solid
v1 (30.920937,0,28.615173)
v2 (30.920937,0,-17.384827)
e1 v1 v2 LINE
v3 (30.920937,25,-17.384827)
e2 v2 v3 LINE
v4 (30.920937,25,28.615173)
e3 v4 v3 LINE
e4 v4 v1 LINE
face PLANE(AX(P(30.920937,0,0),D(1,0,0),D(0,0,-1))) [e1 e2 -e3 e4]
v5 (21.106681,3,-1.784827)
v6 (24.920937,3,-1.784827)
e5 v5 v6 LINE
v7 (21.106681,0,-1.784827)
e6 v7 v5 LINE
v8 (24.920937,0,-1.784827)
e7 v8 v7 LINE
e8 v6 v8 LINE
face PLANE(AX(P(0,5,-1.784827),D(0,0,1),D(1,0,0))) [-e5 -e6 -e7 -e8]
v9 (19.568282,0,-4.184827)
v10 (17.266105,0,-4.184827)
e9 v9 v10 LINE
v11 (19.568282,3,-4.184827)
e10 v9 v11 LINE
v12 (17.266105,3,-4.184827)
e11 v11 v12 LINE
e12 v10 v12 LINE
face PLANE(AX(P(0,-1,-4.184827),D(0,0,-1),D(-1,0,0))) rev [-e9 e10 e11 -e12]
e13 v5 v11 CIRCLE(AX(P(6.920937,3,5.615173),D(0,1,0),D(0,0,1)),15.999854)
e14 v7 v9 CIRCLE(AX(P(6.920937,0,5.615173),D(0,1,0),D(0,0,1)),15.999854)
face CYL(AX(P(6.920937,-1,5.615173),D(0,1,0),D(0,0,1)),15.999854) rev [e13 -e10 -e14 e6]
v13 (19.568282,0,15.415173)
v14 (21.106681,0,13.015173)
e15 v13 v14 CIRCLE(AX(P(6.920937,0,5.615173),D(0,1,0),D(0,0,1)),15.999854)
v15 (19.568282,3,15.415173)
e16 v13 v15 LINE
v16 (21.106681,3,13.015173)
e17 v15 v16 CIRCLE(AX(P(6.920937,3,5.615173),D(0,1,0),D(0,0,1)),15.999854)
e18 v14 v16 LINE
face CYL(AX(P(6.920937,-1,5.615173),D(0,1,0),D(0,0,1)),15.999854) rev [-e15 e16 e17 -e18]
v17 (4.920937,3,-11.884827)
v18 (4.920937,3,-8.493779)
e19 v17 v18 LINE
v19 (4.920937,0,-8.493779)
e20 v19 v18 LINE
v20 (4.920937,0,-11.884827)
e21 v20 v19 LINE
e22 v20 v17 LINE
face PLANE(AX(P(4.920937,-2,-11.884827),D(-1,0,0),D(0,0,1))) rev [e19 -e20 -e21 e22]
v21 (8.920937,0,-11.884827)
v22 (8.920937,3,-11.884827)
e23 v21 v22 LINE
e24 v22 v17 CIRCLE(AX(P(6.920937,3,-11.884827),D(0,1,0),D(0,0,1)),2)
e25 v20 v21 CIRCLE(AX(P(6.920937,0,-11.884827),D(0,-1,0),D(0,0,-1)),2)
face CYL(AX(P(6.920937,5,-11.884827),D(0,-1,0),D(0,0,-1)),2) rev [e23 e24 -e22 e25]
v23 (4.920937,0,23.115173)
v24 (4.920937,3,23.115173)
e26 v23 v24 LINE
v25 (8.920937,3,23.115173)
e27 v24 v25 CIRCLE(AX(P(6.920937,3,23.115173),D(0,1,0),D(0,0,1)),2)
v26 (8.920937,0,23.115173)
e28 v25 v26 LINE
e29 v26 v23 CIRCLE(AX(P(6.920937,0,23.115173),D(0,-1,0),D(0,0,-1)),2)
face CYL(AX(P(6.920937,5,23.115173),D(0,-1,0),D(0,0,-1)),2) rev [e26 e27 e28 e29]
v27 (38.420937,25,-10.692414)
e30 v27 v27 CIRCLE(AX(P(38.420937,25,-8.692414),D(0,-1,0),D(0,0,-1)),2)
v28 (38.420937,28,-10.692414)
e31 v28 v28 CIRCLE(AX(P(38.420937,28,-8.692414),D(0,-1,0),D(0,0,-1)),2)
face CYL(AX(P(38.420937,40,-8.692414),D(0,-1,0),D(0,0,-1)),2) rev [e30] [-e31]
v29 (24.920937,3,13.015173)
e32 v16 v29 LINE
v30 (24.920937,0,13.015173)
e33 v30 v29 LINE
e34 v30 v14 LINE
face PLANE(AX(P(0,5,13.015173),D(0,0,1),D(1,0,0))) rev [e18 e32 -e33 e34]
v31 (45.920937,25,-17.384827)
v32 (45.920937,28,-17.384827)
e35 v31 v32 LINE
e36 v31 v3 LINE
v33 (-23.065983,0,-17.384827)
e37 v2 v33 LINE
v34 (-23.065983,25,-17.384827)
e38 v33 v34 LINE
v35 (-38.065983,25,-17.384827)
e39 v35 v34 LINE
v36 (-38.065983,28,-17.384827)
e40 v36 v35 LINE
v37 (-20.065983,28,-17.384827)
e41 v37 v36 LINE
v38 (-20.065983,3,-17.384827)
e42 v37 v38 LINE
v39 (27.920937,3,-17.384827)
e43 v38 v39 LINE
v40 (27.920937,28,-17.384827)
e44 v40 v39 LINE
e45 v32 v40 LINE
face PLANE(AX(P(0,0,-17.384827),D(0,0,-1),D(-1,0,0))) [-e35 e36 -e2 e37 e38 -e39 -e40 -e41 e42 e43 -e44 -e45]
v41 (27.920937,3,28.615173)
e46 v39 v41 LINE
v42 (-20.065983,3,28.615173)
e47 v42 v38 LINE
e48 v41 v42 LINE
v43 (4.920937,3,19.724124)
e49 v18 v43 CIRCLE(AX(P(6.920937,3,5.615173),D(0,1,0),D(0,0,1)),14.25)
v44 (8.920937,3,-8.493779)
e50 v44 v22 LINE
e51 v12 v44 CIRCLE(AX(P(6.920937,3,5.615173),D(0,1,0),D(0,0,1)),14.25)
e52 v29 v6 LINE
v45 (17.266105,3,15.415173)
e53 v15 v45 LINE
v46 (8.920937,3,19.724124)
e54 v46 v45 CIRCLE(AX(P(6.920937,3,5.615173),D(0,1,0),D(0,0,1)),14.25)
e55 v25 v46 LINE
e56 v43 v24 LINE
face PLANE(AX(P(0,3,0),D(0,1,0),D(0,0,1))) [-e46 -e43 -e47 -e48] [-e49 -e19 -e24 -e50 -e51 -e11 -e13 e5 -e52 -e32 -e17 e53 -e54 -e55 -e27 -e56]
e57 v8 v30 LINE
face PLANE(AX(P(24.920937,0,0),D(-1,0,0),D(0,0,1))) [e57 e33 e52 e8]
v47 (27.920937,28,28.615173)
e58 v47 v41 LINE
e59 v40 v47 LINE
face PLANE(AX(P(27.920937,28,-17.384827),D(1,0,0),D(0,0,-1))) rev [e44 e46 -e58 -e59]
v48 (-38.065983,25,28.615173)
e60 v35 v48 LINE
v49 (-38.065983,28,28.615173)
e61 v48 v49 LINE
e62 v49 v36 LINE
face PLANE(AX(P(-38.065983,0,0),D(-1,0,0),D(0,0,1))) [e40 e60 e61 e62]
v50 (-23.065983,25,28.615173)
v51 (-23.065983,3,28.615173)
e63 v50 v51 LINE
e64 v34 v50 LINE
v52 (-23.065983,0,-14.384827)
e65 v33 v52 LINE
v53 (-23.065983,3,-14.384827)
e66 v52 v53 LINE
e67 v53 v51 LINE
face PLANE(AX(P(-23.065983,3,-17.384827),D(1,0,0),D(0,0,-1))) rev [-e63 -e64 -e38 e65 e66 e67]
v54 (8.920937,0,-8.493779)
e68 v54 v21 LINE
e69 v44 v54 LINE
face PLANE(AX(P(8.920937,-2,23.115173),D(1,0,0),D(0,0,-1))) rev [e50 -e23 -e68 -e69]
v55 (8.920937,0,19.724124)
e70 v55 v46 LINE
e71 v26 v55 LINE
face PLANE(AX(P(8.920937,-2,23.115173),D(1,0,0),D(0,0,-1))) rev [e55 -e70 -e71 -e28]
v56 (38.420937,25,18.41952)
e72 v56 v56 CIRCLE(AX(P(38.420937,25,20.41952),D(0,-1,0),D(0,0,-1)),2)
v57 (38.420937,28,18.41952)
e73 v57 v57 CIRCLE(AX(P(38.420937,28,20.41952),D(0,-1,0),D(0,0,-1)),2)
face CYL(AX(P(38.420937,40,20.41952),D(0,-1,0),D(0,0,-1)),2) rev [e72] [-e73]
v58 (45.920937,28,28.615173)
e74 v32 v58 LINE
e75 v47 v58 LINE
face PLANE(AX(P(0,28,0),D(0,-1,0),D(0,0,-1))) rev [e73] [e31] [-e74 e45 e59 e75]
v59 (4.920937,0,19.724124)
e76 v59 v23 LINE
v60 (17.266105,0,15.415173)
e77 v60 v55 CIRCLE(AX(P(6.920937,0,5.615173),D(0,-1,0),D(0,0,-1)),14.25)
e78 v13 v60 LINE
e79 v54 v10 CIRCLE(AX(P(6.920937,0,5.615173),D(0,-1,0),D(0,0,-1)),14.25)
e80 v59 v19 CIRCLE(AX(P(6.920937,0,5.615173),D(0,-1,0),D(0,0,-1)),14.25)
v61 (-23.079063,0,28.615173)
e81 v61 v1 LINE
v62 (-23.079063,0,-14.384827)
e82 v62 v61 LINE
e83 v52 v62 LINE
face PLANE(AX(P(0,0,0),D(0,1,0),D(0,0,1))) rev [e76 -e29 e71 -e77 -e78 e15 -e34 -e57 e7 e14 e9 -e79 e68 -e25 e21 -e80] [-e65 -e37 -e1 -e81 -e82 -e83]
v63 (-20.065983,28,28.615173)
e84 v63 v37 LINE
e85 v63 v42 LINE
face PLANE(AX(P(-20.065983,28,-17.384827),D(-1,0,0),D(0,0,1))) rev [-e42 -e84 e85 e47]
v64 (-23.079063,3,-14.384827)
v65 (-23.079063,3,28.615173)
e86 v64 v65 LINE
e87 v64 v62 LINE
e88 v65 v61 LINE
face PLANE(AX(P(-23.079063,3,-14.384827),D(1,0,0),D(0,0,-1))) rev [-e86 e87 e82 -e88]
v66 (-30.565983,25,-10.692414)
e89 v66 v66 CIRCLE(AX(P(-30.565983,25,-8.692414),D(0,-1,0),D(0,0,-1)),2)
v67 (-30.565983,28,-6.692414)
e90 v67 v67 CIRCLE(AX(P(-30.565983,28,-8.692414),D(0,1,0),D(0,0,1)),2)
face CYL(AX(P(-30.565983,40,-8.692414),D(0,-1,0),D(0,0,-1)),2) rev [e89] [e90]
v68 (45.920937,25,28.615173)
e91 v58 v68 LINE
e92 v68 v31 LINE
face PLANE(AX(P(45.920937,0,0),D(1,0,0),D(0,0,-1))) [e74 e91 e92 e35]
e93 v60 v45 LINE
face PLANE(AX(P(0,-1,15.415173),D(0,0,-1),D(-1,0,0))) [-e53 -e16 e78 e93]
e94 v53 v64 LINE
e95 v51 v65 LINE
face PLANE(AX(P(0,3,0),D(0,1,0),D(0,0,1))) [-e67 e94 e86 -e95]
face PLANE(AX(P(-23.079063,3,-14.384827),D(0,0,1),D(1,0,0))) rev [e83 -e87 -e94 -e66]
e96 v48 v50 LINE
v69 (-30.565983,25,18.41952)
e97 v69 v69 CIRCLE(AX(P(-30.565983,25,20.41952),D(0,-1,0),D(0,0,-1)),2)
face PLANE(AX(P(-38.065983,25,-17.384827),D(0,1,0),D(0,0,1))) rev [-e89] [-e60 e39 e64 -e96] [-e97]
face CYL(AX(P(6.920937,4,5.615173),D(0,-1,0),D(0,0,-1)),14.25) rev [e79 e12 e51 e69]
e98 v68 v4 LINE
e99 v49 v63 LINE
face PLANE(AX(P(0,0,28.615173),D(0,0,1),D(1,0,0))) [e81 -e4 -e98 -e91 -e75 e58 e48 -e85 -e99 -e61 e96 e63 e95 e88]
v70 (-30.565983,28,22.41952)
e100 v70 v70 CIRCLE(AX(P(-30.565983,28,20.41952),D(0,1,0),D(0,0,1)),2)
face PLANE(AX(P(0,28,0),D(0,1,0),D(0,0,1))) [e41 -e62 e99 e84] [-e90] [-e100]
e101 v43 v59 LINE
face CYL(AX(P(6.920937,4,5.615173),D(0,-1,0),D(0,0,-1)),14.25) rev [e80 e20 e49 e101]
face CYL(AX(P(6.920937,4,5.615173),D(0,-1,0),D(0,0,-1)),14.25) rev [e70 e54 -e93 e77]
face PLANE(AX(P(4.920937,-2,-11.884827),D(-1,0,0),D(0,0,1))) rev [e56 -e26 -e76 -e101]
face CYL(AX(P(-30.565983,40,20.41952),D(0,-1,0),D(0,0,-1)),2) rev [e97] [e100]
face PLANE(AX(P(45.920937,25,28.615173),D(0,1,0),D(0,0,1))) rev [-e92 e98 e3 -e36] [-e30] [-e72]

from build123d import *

# Parameters (mm, degrees)
SKETCH1_W           = 50
SKETCH1_H           = 40
BOSS_EXTRUDE1_DEPTH = 3
SKETCH6_R           = 2
CUT_EXTRUDE9_DEPTH  = 5
SKETCH16_W          = 14.8
SKETCH16_H          = 3
CUT_EXTRUDE10_DEPTH = 0.5
SKETCH21_R          = 14.25
CUT_EXTRUDE15_DEPTH = 4
CUT_EXTRUDE16_START = -4
CUT_EXTRUDE16_DEPTH = 4
SKETCH33_W          = 4
SKETCH33_H          = 35
CUT_EXTRUDE23_DEPTH = 5
SKETCH34_W          = 49.986920535
SKETCH34_H          = 3
BOSS_EXTRUDE2_DEPTH = 3
SKETCH35_W          = 50
SKETCH35_H          = 3
BOSS_EXTRUDE3_DEPTH = 3
SKETCH36_W          = 46
SKETCH36_H          = 3
BOSS_EXTRUDE4_DEPTH = 4
SKETCH38_W          = 3
SKETCH38_H          = 46
BOSS_EXTRUDE5_DEPTH = 25
SKETCH39_W          = 45.535565308
SKETCH39_H          = 3
BOSS_EXTRUDE6_DEPTH = 15
SKETCH40_W          = 46
SKETCH40_H          = 3
BOSS_EXTRUDE7_DEPTH = 15
SKETCH41_W          = 0.464434692
SKETCH41_H          = 3
BOSS_EXTRUDE8_DEPTH = 15
SKETCH42_R          = 2
CUT_EXTRUDE24_DEPTH = 15
SKETCH43_R          = 2
CUT_EXTRUDE25_DEPTH = 15


with BuildPart() as part:
    # Sketch1 → Boss-Extrude1 (new body)
    with BuildSketch(Plane(origin=(0, 0, 0), x_dir=(1, 0, 0), z_dir=(0, 1, 0))):
        with Locations((1.920937393, -5.615172506)):
            Rectangle(SKETCH1_W, SKETCH1_H)
    extrude(amount=BOSS_EXTRUDE1_DEPTH)

    # Sketch6 → Cut-Extrude9 (cut)
    with BuildSketch(Plane.XZ):
        with Locations(Location((6.920937393, 23.115172506, 0), (0, 0, 270))):
            Circle(SKETCH6_R)
        with Locations(Location((6.920937393, -11.884827494, 0), (0, 0, 270))):
            Circle(SKETCH6_R)
        with BuildLine():
            Line((24.420937393, 13.015172506), (18.923020545, 13.015172506))
            ThreePointArc((18.923020545, 13.015172506), (-7.179062607, 5.615172506), (18.923020545, -1.784827494))
            Line((18.923020545, -1.784827494), (24.420937393, -1.784827494))
            Line((24.420937393, -1.784827494), (24.420937393, 5.615172506))
            Line((24.420937393, 5.615172506), (24.420937393, 13.015172506))
        make_face()
    extrude(amount=-CUT_EXTRUDE9_DEPTH, mode=Mode.SUBTRACT)

    # Sketch16 → Cut-Extrude10 (cut)
    with BuildSketch(Plane.ZY.offset(-24.420937393)):
        with Locations((5.615172506, 1.5)):
            Rectangle(SKETCH16_W, SKETCH16_H)
    extrude(amount=-CUT_EXTRUDE10_DEPTH, mode=Mode.SUBTRACT)

    # Sketch21 → Cut-Extrude15 (cut)
    with BuildSketch(Plane(origin=(0, 0, 0), x_dir=(-1, 0, 0), z_dir=(0, -1, 0))):
        with Locations((-6.920937393, -5.615172506)):
            Circle(SKETCH21_R)
    extrude(amount=-CUT_EXTRUDE15_DEPTH, mode=Mode.SUBTRACT)

    # Sketch22 → Cut-Extrude16 (cut)
    with BuildSketch(Plane(origin=(0, 3, 0), x_dir=(1, 0, 0), z_dir=(0, 1, 0)).offset(CUT_EXTRUDE16_START)):
        with BuildLine():
            ThreePointArc((21.106680727, 1.784827494), (20.39103932, 3.019158274), (19.568281538, 4.184827494))
            Line((19.568281538, 4.184827494), (17.266105347, 4.184827494))
            ThreePointArc((17.266105347, 4.184827494), (18.246250908, 3.03351374), (19.09888878, 1.784827494))
            Line((19.09888878, 1.784827494), (21.106680727, 1.784827494))
        make_face()
        with BuildLine():
            Line((17.266105347, -15.415172506), (19.568281538, -15.415172506))
            ThreePointArc((19.568281538, -15.415172506), (20.39103932, -14.249503286), (21.106680727, -13.015172506))
            Line((21.106680727, -13.015172506), (19.09888878, -13.015172506))
            ThreePointArc((19.09888878, -13.015172506), (18.246250908, -14.263858752), (17.266105347, -15.415172506))
        make_face()
    extrude(amount=CUT_EXTRUDE16_DEPTH, mode=Mode.SUBTRACT)

    # Sketch33 → Cut-Extrude23 (cut)
    with BuildSketch(Plane(origin=(0, 3, 0), x_dir=(1, 0, 0), z_dir=(0, 1, 0))):
        with Locations((6.920937393, -5.615172506)):
            Rectangle(SKETCH33_W, SKETCH33_H)
    extrude(amount=-CUT_EXTRUDE23_DEPTH, mode=Mode.SUBTRACT)

    # Sketch34 → Boss-Extrude2 (add)
    with BuildSketch(Plane(origin=(0, 0, -14.384827494), x_dir=(-1, 0, 0), z_dir=(0, 0, -1))):
        with Locations((-1.927477126, 1.5)):
            Rectangle(SKETCH34_W, SKETCH34_H)
    extrude(amount=BOSS_EXTRUDE2_DEPTH)

    # Sketch35 → Boss-Extrude3 (add)
    with BuildSketch(Plane.XY.offset(25.615172506)):
        with Locations((1.920937393, 1.5)):
            Rectangle(SKETCH35_W, SKETCH35_H)
    extrude(amount=BOSS_EXTRUDE3_DEPTH)

    # Sketch36 → Boss-Extrude4 (add)
    with BuildSketch(Plane(origin=(26.920937393, 0, 0), x_dir=(0, 0, -1), z_dir=(1, 0, 0))):
        with Locations((-5.615172506, 1.5)):
            Rectangle(SKETCH36_W, SKETCH36_H)
    extrude(amount=BOSS_EXTRUDE4_DEPTH)

    # Sketch38 → Boss-Extrude5 (add)
    with BuildSketch(Plane(origin=(0, 3, 0), x_dir=(1, 0, 0), z_dir=(0, 1, 0))):
        with Locations((29.420937393, -5.615172506)):
            Rectangle(SKETCH38_W, SKETCH38_H)
        with Locations((-21.565983142, -5.615172506)):
            Rectangle(SKETCH38_W, SKETCH38_H)
    extrude(amount=BOSS_EXTRUDE5_DEPTH)

    # Sketch39 → Boss-Extrude6 (add)
    with BuildSketch(Plane.ZY.offset(23.065983142)):
        with Locations((5.38295516, 26.5)):
            Rectangle(SKETCH39_W, SKETCH39_H)
    extrude(amount=BOSS_EXTRUDE6_DEPTH)

    # Sketch40 → Boss-Extrude7 (add)
    with BuildSketch(Plane(origin=(30.920937393, 0, 0), x_dir=(0, 0, -1), z_dir=(1, 0, 0))):
        with Locations((-5.615172506, 26.5)):
            Rectangle(SKETCH40_W, SKETCH40_H)
    extrude(amount=BOSS_EXTRUDE7_DEPTH)

    # Sketch41 → Boss-Extrude8 (add)
    with BuildSketch(Plane.ZY.offset(23.065983142)):
        with Locations((28.38295516, 26.5)):
            Rectangle(SKETCH41_W, SKETCH41_H)
    extrude(amount=BOSS_EXTRUDE8_DEPTH)

    # Sketch42 → Cut-Extrude24 (cut)
    with BuildSketch(Plane.XZ.offset(-25)):
        with Locations(Location((38.420937393, 20.419520332, 0), (0, 0, 270))):
            Circle(SKETCH42_R)
        with Locations(Location((38.420937393, -8.692413747, 0), (0, 0, 270))):
            Circle(SKETCH42_R)
    extrude(amount=-CUT_EXTRUDE24_DEPTH, mode=Mode.SUBTRACT)

    # Sketch43 → Cut-Extrude25 (cut)
    with BuildSketch(Plane.XZ.offset(-25)):
        with Locations(Location((-30.565983142, 20.419520332, 0), (0, 0, 270))):
            Circle(SKETCH43_R)
        with Locations(Location((-30.565983142, -8.692413747, 0), (0, 0, 270))):
            Circle(SKETCH43_R)
    extrude(amount=-CUT_EXTRUDE25_DEPTH, mode=Mode.SUBTRACT)


solid = part.part
